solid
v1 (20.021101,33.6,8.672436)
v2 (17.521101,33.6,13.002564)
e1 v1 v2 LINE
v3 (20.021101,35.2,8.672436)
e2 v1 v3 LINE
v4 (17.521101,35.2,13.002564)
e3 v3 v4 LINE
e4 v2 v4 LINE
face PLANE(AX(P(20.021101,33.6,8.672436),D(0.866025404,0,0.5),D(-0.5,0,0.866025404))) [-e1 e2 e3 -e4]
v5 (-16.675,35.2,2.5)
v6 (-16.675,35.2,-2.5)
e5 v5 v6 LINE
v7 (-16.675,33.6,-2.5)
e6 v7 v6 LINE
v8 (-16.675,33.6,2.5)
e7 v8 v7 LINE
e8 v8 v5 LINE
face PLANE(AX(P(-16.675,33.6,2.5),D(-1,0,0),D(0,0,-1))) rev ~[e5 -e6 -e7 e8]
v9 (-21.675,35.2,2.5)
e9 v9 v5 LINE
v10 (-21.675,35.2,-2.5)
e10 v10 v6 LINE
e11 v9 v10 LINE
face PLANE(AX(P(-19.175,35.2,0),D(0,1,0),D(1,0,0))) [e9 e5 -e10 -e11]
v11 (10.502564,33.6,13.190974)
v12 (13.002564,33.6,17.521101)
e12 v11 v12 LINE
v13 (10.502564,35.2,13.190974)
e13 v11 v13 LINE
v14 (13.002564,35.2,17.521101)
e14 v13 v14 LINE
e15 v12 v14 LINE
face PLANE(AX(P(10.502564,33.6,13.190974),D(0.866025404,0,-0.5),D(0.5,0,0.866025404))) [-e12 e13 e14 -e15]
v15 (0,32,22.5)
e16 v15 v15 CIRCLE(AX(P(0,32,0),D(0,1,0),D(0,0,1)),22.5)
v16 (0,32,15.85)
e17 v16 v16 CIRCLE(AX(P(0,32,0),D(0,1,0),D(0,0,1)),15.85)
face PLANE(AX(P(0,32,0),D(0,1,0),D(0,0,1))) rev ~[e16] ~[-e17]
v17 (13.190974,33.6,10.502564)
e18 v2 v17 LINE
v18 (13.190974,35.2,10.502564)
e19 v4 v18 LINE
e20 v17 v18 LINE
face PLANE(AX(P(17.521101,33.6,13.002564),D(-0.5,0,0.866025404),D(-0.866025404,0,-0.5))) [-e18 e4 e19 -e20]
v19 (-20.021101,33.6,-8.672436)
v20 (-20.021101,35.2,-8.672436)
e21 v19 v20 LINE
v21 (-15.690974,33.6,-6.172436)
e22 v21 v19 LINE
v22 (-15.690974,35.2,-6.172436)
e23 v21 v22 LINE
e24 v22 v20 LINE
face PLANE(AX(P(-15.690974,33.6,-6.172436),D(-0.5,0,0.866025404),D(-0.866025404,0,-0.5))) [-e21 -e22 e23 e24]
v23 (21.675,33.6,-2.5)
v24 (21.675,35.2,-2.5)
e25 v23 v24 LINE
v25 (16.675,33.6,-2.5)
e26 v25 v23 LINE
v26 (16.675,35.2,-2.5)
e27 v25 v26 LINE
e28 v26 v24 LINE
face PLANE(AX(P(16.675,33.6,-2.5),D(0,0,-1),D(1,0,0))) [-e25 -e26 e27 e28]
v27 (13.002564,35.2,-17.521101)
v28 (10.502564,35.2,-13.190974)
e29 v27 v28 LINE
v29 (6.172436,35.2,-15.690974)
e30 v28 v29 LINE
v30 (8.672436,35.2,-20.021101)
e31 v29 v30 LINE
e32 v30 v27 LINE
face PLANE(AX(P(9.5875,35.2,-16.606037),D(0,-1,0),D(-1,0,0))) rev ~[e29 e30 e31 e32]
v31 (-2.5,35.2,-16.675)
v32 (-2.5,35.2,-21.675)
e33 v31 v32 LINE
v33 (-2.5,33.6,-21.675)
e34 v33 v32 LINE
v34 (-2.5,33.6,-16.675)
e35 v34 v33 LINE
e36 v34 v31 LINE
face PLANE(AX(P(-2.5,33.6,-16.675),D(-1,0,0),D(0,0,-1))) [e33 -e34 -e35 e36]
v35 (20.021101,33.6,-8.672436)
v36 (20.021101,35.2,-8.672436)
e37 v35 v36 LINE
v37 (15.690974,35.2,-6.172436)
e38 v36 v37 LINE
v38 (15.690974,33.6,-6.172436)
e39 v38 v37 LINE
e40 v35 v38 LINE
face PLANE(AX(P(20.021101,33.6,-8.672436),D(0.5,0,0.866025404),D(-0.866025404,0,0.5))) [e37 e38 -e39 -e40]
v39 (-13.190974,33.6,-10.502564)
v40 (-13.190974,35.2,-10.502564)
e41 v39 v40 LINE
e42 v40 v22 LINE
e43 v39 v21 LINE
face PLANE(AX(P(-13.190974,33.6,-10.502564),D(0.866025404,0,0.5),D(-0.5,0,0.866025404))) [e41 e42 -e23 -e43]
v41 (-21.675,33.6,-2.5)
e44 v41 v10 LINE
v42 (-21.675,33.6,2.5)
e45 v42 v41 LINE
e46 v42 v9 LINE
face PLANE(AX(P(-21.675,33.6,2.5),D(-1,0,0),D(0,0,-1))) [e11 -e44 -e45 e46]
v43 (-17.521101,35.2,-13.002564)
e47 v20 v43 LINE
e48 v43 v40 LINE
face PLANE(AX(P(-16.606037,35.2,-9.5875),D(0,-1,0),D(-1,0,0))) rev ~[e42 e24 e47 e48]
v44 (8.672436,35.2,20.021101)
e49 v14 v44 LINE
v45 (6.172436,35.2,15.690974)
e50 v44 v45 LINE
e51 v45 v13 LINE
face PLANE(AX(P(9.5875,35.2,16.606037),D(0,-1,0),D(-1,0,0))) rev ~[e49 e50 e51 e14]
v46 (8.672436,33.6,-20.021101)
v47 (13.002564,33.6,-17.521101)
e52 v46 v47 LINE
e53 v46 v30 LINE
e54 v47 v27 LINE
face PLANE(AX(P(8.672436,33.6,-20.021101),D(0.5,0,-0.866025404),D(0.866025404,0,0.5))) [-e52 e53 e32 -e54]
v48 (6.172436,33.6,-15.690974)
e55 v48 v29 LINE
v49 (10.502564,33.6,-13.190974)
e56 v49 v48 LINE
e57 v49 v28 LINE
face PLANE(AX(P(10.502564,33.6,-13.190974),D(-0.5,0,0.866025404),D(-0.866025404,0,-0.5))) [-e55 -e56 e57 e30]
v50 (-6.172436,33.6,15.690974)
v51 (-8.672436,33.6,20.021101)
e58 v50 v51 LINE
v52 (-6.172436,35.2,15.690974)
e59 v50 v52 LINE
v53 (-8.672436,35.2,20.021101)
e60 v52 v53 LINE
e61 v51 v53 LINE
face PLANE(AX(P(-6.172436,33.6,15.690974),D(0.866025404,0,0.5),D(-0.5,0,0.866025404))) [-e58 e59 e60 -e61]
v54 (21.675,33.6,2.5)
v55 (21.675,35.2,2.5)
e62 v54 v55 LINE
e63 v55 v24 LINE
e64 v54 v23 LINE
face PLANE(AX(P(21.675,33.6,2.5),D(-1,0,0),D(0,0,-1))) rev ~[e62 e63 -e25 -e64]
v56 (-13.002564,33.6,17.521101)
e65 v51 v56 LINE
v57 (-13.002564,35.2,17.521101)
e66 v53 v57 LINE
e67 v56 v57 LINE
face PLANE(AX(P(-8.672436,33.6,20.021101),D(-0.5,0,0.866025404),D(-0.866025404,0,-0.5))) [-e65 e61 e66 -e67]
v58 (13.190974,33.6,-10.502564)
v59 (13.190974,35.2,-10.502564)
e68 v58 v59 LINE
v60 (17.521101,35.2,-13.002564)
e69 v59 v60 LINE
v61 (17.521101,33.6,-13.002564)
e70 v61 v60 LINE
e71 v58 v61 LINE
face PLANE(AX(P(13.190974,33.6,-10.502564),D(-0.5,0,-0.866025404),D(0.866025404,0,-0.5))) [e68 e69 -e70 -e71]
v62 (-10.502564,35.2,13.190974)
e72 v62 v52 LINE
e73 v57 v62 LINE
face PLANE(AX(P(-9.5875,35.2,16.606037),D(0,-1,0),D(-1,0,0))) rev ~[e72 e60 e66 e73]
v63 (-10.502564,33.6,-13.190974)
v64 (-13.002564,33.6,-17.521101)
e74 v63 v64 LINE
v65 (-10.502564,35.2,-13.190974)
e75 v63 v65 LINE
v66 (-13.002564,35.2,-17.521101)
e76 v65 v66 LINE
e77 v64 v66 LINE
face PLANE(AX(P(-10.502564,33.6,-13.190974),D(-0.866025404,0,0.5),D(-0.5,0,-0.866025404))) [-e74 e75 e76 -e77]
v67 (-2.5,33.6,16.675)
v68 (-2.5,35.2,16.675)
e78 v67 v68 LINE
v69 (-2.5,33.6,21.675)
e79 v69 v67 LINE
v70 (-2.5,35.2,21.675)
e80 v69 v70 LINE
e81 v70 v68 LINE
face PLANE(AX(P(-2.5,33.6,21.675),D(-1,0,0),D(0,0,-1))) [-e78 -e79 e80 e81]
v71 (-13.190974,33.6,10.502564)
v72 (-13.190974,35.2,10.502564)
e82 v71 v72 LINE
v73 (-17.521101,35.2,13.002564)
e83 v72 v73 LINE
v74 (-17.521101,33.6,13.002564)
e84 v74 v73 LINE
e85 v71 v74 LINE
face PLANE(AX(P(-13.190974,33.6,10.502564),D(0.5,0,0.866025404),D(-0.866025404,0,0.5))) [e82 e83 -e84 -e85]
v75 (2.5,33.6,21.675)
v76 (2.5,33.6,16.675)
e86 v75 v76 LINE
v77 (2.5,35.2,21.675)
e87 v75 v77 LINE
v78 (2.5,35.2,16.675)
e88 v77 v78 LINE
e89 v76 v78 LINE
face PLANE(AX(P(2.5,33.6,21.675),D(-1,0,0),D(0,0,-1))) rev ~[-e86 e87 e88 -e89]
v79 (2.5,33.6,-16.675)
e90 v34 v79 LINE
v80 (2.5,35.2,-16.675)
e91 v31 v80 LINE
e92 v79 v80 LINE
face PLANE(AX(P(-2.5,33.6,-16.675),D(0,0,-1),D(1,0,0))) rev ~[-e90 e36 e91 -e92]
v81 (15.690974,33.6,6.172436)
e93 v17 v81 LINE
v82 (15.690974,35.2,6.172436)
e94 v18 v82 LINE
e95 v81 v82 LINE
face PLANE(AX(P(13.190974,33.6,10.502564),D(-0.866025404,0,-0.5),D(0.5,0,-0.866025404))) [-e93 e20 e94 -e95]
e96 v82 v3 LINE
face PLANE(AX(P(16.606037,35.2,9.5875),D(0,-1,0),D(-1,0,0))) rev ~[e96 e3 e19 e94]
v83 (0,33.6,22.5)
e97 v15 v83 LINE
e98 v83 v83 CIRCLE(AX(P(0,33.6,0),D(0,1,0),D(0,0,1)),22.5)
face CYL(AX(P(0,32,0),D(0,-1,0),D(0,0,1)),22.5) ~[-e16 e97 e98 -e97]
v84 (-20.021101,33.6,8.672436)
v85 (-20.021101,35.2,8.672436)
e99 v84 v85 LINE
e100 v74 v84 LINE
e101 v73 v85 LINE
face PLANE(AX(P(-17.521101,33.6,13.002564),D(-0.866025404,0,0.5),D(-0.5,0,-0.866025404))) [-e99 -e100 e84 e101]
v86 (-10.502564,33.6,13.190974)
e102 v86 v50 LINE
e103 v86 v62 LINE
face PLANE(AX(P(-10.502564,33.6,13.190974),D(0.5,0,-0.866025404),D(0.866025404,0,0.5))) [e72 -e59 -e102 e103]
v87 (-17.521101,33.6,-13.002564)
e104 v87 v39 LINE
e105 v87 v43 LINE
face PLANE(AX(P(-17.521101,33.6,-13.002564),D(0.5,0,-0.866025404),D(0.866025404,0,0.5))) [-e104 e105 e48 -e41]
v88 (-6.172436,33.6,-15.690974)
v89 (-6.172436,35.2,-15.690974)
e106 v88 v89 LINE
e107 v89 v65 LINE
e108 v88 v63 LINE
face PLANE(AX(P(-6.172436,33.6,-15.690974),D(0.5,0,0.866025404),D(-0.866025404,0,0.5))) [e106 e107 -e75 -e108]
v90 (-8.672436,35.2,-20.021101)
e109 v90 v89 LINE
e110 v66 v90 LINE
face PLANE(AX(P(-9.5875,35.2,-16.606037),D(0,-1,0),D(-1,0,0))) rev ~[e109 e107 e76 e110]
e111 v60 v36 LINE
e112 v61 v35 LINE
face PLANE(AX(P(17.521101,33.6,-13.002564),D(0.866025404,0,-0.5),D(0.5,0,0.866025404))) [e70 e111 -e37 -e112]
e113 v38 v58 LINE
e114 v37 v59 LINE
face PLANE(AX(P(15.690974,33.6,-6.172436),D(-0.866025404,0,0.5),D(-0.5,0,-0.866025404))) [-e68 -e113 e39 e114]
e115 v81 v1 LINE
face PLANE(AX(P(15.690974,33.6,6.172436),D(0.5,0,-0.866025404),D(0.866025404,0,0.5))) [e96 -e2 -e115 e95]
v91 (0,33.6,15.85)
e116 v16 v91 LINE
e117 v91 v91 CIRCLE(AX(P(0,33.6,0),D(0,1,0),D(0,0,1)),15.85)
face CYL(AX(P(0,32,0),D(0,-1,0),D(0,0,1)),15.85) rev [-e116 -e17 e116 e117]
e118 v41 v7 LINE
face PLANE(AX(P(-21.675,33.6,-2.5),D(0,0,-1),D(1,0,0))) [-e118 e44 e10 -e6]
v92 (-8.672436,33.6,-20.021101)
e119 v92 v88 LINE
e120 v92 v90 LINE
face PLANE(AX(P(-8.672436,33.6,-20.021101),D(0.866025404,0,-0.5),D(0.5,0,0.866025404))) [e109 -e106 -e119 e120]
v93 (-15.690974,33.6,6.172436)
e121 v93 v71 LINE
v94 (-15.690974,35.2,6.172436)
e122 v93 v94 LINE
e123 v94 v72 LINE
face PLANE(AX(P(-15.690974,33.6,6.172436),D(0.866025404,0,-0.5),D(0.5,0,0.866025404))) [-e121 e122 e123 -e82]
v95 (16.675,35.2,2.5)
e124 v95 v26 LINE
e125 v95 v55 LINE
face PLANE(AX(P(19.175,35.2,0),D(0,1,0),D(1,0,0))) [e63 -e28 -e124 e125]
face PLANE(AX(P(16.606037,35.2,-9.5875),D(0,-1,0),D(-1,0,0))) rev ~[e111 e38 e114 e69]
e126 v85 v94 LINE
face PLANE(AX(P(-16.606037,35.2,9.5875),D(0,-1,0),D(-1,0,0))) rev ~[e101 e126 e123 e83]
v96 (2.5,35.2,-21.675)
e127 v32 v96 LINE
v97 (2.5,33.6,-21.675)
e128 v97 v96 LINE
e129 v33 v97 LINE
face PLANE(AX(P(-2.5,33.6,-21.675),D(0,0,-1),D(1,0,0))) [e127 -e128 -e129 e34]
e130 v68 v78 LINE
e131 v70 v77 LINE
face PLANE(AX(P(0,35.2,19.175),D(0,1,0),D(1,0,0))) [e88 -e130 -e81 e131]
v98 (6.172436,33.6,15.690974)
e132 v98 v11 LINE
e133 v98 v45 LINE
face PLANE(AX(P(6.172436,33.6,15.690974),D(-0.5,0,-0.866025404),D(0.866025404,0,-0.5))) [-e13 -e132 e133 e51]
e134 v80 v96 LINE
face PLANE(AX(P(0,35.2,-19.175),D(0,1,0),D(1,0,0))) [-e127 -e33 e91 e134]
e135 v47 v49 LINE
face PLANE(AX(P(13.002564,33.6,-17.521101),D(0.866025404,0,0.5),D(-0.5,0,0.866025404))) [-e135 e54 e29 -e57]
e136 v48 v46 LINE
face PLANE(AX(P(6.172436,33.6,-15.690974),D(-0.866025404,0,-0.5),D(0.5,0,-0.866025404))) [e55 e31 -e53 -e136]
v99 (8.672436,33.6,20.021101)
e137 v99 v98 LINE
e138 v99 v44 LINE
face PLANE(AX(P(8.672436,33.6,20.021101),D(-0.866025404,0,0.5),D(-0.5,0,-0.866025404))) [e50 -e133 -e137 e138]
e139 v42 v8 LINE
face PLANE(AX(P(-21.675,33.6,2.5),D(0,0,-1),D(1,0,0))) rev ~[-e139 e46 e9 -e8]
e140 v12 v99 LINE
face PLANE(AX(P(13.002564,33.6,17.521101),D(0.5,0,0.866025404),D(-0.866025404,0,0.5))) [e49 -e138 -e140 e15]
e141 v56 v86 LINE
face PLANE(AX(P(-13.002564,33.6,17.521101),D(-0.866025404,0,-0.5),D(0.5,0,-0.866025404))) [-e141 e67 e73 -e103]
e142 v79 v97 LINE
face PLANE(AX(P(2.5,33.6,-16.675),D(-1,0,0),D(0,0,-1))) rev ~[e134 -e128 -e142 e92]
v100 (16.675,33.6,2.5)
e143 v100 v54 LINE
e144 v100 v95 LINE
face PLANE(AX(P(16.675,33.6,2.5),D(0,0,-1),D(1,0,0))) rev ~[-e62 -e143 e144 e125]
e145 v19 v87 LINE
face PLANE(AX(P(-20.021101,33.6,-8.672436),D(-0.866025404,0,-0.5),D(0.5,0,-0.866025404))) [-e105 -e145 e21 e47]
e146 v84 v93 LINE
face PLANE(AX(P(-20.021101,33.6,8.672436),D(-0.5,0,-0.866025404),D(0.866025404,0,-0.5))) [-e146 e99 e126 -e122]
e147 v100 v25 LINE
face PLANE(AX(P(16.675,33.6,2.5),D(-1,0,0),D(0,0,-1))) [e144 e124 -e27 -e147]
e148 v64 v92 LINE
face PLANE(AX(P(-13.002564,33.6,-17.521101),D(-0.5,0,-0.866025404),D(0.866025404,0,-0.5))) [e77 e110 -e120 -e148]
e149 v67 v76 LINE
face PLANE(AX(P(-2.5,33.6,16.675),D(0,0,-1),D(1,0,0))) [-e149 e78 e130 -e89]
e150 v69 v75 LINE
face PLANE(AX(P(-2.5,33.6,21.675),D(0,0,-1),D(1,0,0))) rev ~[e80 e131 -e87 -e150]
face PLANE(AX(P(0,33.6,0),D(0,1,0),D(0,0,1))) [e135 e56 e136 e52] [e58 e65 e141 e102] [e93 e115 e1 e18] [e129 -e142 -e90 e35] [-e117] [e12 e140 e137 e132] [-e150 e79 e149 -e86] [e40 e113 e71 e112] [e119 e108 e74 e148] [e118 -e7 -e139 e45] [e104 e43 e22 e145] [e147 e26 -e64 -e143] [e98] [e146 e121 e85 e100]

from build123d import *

# Parameters (mm, degrees)
PCB_START   = 32
SKETCH1_R   = 22.5
SKETCH1_R_2 = 15.85
PCB_DEPTH   = 1.6
LEDS_START  = 33.6
SKETCH2_W   = 5
SKETCH2_H   = 5
LEDS_DEPTH  = 1.6


with BuildPart() as part:
    # Sketch1 → PCB (new body)
    with BuildSketch(Plane(origin=(0, 0, 0), x_dir=(1, 0, 0), z_dir=(0, 1, 0)).offset(PCB_START)):
        with Locations(Location((0, 0, 0), (0, 0, 270))):
            Circle(SKETCH1_R)
        with Locations(Location((0, 0, 0), (0, 0, 270))):
            Circle(SKETCH1_R_2, mode=Mode.SUBTRACT)
    extrude(amount=PCB_DEPTH)

    # Sketch2 → LEDs (add)
    with BuildSketch(Plane(origin=(0, 0, 0), x_dir=(1, 0, 0), z_dir=(0, 1, 0)).offset(LEDS_START)):
        with Locations((19.175, 0)):
            Rectangle(SKETCH2_W, SKETCH2_H)
        Polygon((15.690973608, -6.172436491), (20.021100627, -8.672436491), (17.521100627, -13.002563509), (13.190973608, -10.502563509), align=None)
        Polygon((10.502563509, -13.190973608), (13.002563509, -17.521100627), (8.672436491, -20.021100627), (6.172436491, -15.690973608), align=None)
        with Locations((0, -19.175)):
            Rectangle(SKETCH2_W, SKETCH2_H)
        Polygon((-6.172436491, -15.690973608), (-8.672436491, -20.021100627), (-13.002563509, -17.521100627), (-10.502563509, -13.190973608), align=None)
        Polygon((-13.190973608, -10.502563509), (-17.521100627, -13.002563509), (-20.021100627, -8.672436491), (-15.690973608, -6.172436491), align=None)
        with Locations((-19.175, 0)):
            Rectangle(SKETCH2_W, SKETCH2_H)
        Polygon((-15.690973608, 6.172436491), (-20.021100627, 8.672436491), (-17.521100627, 13.002563509), (-13.190973608, 10.502563509), align=None)
        Polygon((-10.502563509, 13.190973608), (-13.002563509, 17.521100627), (-8.672436491, 20.021100627), (-6.172436491, 15.690973608), align=None)
        with Locations((0, 19.175)):
            Rectangle(SKETCH2_W, SKETCH2_H)
        Polygon((6.172436491, 15.690973608), (8.672436491, 20.021100627), (13.002563509, 17.521100627), (10.502563509, 13.190973608), align=None)
        Polygon((13.190973608, 10.502563509), (17.521100627, 13.002563509), (20.021100627, 8.672436491), (15.690973608, 6.172436491), align=None)
    extrude(amount=LEDS_DEPTH)


solid = part.part
